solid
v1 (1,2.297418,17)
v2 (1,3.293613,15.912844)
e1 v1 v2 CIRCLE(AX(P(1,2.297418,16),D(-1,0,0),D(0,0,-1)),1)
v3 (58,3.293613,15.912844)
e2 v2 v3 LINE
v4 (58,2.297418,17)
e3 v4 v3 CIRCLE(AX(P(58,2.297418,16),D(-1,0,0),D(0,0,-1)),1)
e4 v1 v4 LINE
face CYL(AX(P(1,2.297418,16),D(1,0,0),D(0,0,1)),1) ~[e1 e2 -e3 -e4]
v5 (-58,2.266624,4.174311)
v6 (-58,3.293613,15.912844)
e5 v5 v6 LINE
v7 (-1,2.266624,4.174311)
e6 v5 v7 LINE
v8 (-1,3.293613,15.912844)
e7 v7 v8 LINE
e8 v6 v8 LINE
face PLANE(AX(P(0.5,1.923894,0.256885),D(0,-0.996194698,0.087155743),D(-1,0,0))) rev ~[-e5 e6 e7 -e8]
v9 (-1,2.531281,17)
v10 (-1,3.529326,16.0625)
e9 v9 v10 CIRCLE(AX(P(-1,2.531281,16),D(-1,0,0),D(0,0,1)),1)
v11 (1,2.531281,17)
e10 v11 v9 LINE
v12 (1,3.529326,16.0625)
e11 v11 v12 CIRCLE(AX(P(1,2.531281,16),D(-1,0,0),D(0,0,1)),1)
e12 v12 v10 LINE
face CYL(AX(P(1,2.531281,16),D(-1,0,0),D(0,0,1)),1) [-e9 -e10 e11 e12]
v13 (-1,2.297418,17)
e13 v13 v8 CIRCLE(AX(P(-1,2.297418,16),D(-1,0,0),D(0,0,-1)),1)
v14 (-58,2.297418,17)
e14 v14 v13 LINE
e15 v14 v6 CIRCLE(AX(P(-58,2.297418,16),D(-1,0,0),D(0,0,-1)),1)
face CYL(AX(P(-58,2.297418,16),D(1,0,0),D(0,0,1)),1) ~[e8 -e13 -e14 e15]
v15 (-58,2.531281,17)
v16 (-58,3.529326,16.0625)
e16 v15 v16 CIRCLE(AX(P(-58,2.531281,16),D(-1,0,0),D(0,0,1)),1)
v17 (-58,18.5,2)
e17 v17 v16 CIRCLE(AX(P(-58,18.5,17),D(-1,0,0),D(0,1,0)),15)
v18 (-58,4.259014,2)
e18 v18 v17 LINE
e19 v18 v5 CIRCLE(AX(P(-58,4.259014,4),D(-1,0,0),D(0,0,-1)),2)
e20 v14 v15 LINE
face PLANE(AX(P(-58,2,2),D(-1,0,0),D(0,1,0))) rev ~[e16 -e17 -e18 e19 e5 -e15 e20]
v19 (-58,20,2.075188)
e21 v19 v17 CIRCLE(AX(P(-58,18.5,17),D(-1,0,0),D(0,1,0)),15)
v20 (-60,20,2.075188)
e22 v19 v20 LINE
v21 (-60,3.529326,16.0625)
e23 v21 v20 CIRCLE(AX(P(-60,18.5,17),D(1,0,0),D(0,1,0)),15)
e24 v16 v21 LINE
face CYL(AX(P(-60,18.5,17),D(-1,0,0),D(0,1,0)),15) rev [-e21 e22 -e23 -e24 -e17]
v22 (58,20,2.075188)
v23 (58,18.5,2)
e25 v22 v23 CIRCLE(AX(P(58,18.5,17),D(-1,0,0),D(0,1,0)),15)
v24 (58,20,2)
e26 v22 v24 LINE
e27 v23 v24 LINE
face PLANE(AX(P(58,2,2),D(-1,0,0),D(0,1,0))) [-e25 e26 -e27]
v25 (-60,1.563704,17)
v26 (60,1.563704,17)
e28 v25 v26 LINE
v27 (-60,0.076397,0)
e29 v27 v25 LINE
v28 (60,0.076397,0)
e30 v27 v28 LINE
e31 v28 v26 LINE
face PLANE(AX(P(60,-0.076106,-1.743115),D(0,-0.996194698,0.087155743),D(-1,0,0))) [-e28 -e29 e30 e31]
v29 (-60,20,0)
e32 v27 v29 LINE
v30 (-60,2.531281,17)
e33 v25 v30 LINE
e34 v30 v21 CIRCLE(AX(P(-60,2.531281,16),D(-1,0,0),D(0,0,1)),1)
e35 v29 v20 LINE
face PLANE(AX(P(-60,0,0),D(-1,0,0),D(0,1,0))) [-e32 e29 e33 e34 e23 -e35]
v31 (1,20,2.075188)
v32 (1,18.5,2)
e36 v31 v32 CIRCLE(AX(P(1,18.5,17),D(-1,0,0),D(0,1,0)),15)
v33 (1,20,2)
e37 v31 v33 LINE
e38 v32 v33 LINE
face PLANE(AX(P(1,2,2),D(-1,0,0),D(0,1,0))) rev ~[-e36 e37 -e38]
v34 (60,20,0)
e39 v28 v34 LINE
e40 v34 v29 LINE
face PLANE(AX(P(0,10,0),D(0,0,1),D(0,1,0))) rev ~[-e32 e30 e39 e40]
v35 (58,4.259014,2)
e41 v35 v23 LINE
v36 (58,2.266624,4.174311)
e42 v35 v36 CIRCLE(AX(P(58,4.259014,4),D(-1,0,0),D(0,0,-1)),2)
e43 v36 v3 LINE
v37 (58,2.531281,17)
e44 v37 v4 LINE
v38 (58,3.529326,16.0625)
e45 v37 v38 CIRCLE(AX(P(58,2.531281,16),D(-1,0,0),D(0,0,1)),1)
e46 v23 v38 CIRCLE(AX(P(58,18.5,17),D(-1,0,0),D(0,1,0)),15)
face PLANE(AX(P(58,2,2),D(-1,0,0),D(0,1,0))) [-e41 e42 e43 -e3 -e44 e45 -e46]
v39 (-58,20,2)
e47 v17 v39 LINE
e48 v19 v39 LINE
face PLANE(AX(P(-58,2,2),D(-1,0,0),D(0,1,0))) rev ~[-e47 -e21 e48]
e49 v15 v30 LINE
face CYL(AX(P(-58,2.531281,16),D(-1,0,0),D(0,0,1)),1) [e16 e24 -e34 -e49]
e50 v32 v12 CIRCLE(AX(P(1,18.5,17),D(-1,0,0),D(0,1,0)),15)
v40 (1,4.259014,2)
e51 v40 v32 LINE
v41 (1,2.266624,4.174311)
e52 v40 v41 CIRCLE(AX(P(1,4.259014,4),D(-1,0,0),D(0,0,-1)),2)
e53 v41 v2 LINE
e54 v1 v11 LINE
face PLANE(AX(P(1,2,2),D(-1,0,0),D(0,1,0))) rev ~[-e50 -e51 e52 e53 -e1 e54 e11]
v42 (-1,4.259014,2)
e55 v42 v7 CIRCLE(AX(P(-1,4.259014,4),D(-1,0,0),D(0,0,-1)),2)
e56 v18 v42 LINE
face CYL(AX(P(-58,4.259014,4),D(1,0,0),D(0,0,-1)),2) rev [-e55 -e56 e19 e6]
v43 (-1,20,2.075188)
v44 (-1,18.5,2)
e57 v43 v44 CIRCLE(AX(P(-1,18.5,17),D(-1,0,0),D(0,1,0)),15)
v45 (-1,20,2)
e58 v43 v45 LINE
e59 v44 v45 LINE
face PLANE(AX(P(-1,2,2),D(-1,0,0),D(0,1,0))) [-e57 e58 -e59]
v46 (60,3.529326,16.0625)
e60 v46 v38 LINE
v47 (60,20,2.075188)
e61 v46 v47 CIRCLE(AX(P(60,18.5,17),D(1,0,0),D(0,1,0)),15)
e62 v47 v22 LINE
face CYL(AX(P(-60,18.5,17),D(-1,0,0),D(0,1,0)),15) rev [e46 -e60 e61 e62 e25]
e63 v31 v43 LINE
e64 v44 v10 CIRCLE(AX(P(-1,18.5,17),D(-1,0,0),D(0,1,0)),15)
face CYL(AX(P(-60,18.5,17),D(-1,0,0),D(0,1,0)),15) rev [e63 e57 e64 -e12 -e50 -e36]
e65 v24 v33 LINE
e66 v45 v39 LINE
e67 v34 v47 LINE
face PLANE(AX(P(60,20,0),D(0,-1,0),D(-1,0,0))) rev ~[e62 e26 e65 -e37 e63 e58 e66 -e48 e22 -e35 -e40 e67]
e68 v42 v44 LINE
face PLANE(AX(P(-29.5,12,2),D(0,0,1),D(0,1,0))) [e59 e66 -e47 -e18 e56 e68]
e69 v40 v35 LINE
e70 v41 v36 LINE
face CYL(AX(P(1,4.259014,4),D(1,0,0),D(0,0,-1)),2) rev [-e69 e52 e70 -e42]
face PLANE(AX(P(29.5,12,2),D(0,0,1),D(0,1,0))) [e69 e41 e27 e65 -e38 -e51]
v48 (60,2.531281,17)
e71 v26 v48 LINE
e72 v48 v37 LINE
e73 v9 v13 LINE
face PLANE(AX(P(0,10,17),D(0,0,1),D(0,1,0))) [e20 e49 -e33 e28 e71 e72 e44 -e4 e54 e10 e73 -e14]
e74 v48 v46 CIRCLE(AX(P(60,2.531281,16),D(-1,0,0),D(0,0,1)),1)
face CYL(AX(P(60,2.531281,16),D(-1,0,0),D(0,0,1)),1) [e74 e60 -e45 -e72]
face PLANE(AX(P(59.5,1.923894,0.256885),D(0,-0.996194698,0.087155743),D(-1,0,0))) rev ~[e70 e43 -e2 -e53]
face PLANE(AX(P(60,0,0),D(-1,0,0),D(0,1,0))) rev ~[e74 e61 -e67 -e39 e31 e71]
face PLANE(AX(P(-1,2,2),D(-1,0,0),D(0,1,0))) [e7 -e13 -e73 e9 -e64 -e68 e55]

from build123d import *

# Parameters (mm, degrees)
BOX006_W                           = 20
BOX006_H                           = 120
BOX006_DEPTH                       = 25
BOX006_PLACEMENT_ANGLE             = 5
BOX002_W                           = 20
BOX002_H                           = 57
BOX002_DEPTH                       = 17
FILLET005002_R                     = 2
BOX008_W                           = 20
BOX008_H                           = 120
BOX008_DEPTH                       = 25
BOX008_PLACEMENT_ANGLE             = 5
BOX007_W                           = 20
BOX007_H                           = 57
BOX007_DEPTH                       = 17
FILLET003001002002_R               = 2
CYLINDER_R                         = 15
CYLINDER_DEPTH                     = 120
BOX005_W                           = 20
BOX005_H                           = 120
BOX005_DEPTH                       = 25
BOX005_PLACEMENT_ANGLE             = 5
BOX004_W                           = 20
BOX004_H                           = 120
BOX004_DEPTH                       = 17
FILLET003001002003_R               = 1
FILLET003001002004_R               = 1
FILLET003001002004_PLACEMENT_ANGLE = 90


with BuildPart() as cube006:
    # Box006 → Box006 (new body)
    with BuildSketch(Plane.XY):
        with Locations((10, 60)):
            Rectangle(BOX006_W, BOX006_H)
    extrude(amount=BOX006_DEPTH)


with BuildPart() as cube006_1:
    # Box006 placement: moved
    add(cube006.part.moved(Location((-20, -60, 0))).rotate(Axis((-20, -60, 0), (0, 1, 0)), BOX006_PLACEMENT_ANGLE))


with BuildPart() as cutout002:
    # Box002 → Box002 (new body)
    with BuildSketch(Plane(origin=(0, -58.5, 0), x_dir=(1, 0, 0), z_dir=(0, 0, 1))):
        with Locations((10, 28.5)):
            Rectangle(BOX002_W, BOX002_H)
    extrude(amount=BOX002_DEPTH)

    # Cut002: cut Cube006
    add(cube006_1.part, mode=Mode.SUBTRACT)

    # Fillet005002
    fillet005002_edges = [cutout002.edges().sort_by_distance(p)[0] for p in [
        (0.076397, -30, 0),
    ]]
    fillet(fillet005002_edges, radius=FILLET005002_R)


with BuildPart() as cutout002_1:
    # Fillet005002 placement: moved
    add(cutout002.part.moved(Location((2, 0.5, 2))))


with BuildPart() as cube008:
    # Box008 → Box008 (new body)
    with BuildSketch(Plane.XY):
        with Locations((10, 60)):
            Rectangle(BOX008_W, BOX008_H)
    extrude(amount=BOX008_DEPTH)


with BuildPart() as cube008_1:
    # Box008 placement: moved
    add(cube008.part.moved(Location((-20, -60, 0))).rotate(Axis((-20, -60, 0), (0, 1, 0)), BOX008_PLACEMENT_ANGLE))


with BuildPart() as fusion:
    # Box007 → Box007 (new body)
    with BuildSketch(Plane(origin=(0, -58.5, 0), x_dir=(1, 0, 0), z_dir=(0, 0, 1))):
        with Locations((10, 28.5)):
            Rectangle(BOX007_W, BOX007_H)
    extrude(amount=BOX007_DEPTH)

    # Cut005: cut Cube008
    add(cube008_1.part, mode=Mode.SUBTRACT)

    # Fillet003001002002
    fillet003001002002_edges = [fusion.edges().sort_by_distance(p)[0] for p in [
        (0.076397, -30, 0),
    ]]
    fillet(fillet003001002002_edges, radius=FILLET003001002002_R)


with BuildPart() as fusion_1:
    # Fillet003001002002 placement: moved
    add(fusion.part.moved(Location((2, 59.5, 2))))

    # Fusion: union Cutout002
    add(cutout002_1.part)


with BuildPart() as cylinder:
    # Cylinder → Cylinder (new body)
    with BuildSketch(Plane(origin=(18.5, 60, 17), x_dir=(1, 0, 0), z_dir=(0, -1, 0))):
        Circle(CYLINDER_R)
    extrude(amount=CYLINDER_DEPTH)


with BuildPart() as cube005:
    # Box005 → Box005 (new body)
    with BuildSketch(Plane.XY):
        with Locations((10, 60)):
            Rectangle(BOX005_W, BOX005_H)
    extrude(amount=BOX005_DEPTH)


with BuildPart() as cube005_1:
    # Box005 placement: moved
    add(cube005.part.moved(Location((-20, -60, 0))).rotate(Axis((-20, -60, 0), (0, 1, 0)), BOX005_PLACEMENT_ANGLE))


with BuildPart() as fillet003001002004:
    # Box004 → Box004 (new body)
    with BuildSketch(Plane(origin=(0, -60, 0), x_dir=(1, 0, 0), z_dir=(0, 0, 1))):
        with Locations((10, 60)):
            Rectangle(BOX004_W, BOX004_H)
    extrude(amount=BOX004_DEPTH)

    # Cut003: cut Cube005
    add(cube005_1.part, mode=Mode.SUBTRACT)

    # Cut004: cut Cylinder
    add(cylinder.part, mode=Mode.SUBTRACT)

    # Cut006: cut Fusion
    add(fusion_1.part, mode=Mode.SUBTRACT)

    # Fillet003001002003
    fillet003001002003_edges = [fillet003001002004.edges().sort_by_distance(p)[0] for p in [
        (3.388727, 29.5, 17),
        (3.388727, -29.5, 17),
    ]]
    fillet(fillet003001002003_edges, radius=FILLET003001002003_R)

    # Fillet003001002004
    fillet003001002004_edges = [fillet003001002004.edges().sort_by_distance(p)[0] for p in [
        (3.5, 59, 17),
        (3.5, -59, 17),
        (3.5, 0, 17),
    ]]
    fillet(fillet003001002004_edges, radius=FILLET003001002004_R)


with BuildPart() as fillet003001002004_1:
    # Fillet003001002004 placement: moved
    add(fillet003001002004.part.rotate(Axis((0, 0, 0), (0, 0, 1)), FILLET003001002004_PLACEMENT_ANGLE))


solid = fillet003001002004_1.part
